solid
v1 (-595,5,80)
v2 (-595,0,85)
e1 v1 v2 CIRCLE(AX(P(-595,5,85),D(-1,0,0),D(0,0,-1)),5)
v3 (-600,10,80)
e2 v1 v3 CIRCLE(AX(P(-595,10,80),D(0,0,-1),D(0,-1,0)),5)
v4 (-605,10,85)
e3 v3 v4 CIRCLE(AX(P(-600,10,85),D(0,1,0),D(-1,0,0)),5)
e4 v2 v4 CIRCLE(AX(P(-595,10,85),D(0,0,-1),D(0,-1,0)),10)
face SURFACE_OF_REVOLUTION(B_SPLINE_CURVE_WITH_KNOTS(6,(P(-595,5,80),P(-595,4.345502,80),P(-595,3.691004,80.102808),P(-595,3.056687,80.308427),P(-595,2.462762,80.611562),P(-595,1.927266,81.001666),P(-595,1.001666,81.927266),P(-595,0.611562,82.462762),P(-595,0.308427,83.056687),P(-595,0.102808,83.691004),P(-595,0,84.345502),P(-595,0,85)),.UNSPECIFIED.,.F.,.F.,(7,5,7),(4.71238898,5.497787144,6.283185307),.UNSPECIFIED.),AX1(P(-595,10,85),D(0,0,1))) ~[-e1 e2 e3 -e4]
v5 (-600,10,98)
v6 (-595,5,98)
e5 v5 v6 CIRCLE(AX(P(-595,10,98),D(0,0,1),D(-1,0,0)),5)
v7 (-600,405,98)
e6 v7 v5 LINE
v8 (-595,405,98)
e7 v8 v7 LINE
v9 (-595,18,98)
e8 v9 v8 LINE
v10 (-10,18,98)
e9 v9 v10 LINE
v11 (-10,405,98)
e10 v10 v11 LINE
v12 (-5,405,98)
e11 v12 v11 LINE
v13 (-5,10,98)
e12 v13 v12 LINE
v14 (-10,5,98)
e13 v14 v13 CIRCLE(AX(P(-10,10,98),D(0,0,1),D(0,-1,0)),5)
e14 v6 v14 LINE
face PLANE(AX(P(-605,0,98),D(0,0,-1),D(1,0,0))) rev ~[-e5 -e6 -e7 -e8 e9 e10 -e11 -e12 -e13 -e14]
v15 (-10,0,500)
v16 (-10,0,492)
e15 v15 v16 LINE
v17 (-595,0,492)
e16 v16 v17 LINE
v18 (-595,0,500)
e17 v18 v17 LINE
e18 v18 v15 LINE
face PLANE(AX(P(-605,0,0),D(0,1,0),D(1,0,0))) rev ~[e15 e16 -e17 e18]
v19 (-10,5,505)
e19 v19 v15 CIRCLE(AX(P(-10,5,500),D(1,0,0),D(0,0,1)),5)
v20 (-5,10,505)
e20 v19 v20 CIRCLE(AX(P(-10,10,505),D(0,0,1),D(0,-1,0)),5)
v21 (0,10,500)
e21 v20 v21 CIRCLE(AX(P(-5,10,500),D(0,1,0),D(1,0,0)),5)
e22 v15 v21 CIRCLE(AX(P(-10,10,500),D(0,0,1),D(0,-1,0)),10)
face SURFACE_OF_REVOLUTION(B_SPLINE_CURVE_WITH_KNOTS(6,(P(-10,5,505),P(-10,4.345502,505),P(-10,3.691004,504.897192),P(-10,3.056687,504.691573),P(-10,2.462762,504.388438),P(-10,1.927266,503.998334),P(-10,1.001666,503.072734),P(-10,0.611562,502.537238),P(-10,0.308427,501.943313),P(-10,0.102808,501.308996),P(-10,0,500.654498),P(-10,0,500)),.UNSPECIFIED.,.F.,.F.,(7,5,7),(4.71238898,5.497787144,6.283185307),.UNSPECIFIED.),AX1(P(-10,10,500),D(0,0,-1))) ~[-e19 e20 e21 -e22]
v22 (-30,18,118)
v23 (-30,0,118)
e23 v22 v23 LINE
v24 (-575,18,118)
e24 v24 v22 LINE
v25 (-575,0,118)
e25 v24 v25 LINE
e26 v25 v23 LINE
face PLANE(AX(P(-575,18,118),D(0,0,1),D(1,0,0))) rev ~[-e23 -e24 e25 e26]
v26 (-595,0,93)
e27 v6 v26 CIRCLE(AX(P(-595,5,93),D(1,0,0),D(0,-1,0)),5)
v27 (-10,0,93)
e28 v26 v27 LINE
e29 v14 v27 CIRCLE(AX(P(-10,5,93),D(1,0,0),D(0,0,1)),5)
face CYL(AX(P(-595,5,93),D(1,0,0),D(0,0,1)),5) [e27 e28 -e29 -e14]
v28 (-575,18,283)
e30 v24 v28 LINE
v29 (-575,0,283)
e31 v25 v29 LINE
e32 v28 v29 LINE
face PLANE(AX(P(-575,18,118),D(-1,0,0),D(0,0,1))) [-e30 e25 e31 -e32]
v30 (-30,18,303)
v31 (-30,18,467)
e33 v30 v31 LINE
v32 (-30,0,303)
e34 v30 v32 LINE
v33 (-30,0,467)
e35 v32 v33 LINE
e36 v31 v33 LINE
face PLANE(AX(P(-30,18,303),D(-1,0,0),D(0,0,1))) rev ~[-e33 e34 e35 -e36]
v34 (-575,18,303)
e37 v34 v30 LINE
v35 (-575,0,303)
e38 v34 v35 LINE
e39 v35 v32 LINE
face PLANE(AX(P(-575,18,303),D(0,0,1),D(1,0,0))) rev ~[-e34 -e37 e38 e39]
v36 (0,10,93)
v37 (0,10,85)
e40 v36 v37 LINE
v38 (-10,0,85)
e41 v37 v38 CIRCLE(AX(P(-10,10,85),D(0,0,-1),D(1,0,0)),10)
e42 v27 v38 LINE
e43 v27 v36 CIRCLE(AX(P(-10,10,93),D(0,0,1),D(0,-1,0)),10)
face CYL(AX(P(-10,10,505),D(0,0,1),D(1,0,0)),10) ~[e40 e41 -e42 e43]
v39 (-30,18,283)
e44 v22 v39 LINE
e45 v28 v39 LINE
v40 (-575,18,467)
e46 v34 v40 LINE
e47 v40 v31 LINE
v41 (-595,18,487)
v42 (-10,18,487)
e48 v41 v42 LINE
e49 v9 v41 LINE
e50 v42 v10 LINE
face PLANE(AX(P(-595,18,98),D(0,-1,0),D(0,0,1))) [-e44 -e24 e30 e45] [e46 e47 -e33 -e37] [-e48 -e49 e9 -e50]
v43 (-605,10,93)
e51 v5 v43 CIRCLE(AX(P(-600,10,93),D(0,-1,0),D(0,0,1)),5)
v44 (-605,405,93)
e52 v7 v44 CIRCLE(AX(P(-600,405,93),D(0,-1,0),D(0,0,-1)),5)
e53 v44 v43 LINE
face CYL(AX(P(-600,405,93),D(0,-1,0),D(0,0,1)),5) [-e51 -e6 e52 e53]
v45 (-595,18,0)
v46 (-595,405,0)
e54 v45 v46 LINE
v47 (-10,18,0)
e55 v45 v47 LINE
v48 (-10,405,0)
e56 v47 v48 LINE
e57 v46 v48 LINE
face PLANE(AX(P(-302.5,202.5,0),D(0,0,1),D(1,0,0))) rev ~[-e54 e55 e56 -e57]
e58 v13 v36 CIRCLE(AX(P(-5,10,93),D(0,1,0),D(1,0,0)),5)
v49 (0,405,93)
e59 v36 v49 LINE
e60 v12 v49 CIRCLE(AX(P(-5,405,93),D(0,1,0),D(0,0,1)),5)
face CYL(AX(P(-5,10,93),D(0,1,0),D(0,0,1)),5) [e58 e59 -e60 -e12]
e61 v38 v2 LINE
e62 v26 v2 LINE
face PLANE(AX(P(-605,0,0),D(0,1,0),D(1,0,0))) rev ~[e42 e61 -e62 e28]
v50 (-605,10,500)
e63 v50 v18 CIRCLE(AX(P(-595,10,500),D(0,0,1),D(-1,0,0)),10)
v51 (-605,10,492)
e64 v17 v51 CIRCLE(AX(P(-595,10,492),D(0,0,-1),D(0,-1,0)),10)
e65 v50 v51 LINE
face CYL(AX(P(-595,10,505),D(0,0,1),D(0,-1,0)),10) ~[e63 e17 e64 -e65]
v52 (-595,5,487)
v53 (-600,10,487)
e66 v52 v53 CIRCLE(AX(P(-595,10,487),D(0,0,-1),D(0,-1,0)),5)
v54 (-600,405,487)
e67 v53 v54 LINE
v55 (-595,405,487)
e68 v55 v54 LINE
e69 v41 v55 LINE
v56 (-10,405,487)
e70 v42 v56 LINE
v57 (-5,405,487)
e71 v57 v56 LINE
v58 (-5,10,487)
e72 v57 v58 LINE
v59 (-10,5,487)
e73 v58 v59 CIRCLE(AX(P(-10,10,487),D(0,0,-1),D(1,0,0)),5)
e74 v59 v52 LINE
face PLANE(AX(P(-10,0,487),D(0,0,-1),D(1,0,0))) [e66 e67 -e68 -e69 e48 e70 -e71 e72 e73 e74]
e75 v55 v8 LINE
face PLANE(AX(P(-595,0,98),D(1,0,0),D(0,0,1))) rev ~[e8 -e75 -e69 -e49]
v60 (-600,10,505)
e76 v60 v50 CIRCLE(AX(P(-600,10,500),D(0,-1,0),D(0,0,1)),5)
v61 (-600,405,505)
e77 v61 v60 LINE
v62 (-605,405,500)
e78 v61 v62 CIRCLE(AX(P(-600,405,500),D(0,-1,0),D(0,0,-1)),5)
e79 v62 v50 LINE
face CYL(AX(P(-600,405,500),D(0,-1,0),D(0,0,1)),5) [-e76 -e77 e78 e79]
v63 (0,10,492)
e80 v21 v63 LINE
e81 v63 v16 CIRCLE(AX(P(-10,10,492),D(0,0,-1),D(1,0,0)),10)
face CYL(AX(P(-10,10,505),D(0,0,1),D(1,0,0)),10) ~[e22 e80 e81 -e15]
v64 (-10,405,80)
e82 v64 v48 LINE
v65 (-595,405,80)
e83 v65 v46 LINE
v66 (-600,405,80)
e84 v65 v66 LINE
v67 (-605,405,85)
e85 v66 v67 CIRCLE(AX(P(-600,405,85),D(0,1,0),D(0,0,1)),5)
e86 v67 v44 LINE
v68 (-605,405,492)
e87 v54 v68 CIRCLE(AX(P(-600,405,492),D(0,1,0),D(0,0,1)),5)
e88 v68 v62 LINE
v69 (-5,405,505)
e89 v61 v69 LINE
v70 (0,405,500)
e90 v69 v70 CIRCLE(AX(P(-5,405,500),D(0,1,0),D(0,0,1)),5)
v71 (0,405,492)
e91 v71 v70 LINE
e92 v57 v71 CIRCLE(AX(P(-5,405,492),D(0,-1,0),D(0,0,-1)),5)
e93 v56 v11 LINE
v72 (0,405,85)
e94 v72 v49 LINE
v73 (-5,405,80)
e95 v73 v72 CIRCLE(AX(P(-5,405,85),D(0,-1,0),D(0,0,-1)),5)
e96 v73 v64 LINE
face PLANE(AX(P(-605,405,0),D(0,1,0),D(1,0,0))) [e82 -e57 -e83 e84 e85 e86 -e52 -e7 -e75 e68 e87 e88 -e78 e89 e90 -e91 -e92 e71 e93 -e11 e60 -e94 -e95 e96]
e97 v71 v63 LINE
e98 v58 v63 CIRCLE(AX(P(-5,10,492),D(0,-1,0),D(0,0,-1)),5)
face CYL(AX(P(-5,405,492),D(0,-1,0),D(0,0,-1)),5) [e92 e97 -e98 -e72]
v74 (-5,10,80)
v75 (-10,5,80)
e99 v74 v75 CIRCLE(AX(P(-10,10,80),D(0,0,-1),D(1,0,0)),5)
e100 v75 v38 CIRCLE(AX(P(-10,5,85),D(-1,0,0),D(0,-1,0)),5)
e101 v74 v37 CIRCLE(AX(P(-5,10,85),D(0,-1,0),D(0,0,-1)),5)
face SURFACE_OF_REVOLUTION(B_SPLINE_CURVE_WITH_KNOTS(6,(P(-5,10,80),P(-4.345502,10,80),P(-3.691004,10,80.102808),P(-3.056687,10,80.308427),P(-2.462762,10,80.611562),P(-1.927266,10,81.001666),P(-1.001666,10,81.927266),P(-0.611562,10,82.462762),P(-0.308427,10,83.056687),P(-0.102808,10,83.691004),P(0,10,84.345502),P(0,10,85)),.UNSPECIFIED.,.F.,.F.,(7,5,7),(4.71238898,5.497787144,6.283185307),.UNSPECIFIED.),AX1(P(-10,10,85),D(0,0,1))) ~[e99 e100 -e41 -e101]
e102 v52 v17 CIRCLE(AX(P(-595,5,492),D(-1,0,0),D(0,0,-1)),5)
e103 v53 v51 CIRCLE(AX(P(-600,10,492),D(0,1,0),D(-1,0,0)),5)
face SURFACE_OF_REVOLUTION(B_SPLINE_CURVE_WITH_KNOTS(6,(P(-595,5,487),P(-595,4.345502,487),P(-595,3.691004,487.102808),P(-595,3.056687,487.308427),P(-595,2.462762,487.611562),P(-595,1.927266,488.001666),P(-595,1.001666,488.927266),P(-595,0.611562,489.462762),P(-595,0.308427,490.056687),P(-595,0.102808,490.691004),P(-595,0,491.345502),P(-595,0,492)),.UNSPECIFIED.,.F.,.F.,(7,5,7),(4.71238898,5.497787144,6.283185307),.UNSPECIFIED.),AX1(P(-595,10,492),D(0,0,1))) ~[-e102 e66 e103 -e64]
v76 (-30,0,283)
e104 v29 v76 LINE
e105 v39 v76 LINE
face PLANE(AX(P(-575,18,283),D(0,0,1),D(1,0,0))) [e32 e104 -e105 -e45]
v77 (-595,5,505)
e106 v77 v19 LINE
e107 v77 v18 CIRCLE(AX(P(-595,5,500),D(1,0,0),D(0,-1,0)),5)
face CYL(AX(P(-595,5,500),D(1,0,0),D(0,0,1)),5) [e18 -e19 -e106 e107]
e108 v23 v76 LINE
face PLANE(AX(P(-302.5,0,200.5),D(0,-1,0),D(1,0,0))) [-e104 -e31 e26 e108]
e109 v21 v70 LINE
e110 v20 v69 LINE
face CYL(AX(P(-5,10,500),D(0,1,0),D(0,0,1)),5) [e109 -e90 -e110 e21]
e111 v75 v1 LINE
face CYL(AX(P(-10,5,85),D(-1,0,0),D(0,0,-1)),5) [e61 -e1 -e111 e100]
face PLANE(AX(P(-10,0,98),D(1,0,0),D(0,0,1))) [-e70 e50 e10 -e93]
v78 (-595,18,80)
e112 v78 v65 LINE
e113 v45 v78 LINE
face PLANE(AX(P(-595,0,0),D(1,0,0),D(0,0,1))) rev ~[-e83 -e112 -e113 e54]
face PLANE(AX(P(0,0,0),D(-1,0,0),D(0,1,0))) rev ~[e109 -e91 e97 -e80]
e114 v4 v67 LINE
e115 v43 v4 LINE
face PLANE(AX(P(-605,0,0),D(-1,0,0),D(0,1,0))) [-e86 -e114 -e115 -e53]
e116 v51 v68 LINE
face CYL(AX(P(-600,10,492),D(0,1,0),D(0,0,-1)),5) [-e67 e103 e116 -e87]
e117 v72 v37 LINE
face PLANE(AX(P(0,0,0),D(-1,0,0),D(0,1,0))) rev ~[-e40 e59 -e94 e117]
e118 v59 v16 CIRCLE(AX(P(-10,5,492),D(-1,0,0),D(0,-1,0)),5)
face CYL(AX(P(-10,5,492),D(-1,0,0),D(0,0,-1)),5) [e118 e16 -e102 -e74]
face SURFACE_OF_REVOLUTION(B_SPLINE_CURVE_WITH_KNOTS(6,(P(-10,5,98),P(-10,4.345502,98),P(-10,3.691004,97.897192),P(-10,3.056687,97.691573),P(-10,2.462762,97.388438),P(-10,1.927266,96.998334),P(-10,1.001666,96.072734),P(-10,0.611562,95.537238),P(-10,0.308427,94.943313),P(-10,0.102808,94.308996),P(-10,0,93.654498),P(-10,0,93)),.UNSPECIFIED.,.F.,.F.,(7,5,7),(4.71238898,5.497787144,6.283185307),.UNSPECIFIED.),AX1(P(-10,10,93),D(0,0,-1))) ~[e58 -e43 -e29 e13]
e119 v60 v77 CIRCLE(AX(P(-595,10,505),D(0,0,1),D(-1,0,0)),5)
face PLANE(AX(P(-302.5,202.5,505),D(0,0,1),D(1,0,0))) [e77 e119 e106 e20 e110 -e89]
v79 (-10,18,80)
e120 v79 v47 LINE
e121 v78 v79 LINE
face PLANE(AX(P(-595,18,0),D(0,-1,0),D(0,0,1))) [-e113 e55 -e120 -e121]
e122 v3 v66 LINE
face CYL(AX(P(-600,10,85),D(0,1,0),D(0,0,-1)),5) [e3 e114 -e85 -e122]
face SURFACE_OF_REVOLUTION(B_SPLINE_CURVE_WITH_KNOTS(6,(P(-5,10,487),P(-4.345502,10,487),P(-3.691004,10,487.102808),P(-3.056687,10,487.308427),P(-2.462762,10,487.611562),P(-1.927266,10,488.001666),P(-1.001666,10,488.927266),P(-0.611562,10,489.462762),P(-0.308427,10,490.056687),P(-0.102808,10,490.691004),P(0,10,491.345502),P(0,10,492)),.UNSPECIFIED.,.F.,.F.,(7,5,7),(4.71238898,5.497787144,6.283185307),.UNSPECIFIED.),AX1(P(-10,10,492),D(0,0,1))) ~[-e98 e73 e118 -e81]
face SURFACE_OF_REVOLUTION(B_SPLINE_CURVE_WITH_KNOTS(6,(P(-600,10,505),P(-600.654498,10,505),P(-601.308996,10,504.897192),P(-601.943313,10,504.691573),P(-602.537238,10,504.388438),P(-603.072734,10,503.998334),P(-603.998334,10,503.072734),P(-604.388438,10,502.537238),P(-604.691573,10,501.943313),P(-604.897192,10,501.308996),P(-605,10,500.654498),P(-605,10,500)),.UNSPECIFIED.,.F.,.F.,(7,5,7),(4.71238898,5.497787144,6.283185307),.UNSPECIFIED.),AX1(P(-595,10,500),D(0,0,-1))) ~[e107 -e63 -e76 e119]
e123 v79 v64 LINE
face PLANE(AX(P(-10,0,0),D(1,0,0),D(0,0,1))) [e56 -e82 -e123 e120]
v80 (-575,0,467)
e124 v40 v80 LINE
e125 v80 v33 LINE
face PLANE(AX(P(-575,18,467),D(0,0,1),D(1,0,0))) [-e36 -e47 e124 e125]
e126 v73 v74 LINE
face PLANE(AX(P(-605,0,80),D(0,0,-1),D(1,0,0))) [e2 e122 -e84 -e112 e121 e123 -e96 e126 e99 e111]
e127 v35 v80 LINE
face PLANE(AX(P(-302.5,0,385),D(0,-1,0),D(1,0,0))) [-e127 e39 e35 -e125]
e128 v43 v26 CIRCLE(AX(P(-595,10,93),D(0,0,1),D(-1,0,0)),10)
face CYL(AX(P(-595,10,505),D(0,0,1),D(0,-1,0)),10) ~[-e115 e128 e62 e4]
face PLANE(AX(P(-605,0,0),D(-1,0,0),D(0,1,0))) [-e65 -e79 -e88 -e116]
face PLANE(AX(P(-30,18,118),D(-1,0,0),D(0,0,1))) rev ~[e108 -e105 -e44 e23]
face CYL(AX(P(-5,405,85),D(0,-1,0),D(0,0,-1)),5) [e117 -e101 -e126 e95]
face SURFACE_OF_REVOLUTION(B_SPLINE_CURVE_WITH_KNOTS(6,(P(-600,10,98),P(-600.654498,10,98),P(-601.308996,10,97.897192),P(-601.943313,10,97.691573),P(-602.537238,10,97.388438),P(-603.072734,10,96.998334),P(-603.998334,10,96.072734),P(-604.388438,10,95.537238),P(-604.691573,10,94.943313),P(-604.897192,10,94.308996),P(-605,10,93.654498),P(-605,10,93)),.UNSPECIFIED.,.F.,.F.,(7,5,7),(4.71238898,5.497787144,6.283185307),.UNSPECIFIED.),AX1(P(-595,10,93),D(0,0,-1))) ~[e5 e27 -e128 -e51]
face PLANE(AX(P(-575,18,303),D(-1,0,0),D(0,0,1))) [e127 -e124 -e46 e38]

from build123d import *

# Parameters (mm, degrees)
F0_W      = 605
F0_H      = 405
F1_DEPTH  = 505
F2_W      = 10
F2_H      = 389
F2_H_2    = 80
F3_DEPTH  = 410
F4_W      = 18
F4_H      = 389
F4_H_2    = 80
F5_DEPTH  = 610
F7_DEPTH  = 510
F8_R      = 5
F9_W      = 545
F9_H      = 164
F9_H_2    = 165
F10_DEPTH = 18


with BuildPart() as f1:
    # F0 (on Top) → F1 (new body)
    with BuildSketch(Plane.XY):
        with Locations((-302.5, 202.5)):
            Rectangle(F0_W, F0_H)
    extrude(amount=F1_DEPTH)

    # F2 (on face) → F3 (cut)
    with BuildSketch(Plane.XZ):
        with Locations((-600, 292.5)):
            Rectangle(F2_W, F2_H)
        with Locations((-600, 40)):
            Rectangle(F2_W, F2_H_2)
        with Locations((-5, 292.5)):
            Rectangle(F2_W, F2_H)
        with Locations((-5, 40)):
            Rectangle(F2_W, F2_H_2)
    extrude(amount=-F3_DEPTH, mode=Mode.SUBTRACT)

    # F4 (on face) → F5 (cut)
    with BuildSketch(Plane(origin=(-595, 0, 0), x_dir=(0, -1, 0), z_dir=(-1, 0, 0))):
        with Locations((-9, 292.5)):
            Rectangle(F4_W, F4_H)
        with Locations((-9, 40)):
            Rectangle(F4_W, F4_H_2)
    extrude(amount=-F5_DEPTH, mode=Mode.SUBTRACT)

    # F6 (on face) → F7 (cut)
    with BuildSketch(Plane.XY.offset(505)):
        with BuildLine():
            ThreePointArc((-595, 0), (-602.0710678119, 2.9289321881), (-605, 10))
            Line((-605, 10), (-605, 0))
            Line((-605, 0), (-595, 0))
        make_face()
        with BuildLine():
            Line((0, 0), (0, 10))
            ThreePointArc((0, 10), (-2.9289321881, 2.9289321881), (-10, 0))
            Line((-10, 0), (0, 0))
        make_face()
    extrude(amount=-F7_DEPTH, mode=Mode.SUBTRACT)

    # F8
    f8_edges = [f1.edges().sort_by_distance(p)[0] for p in [
        (-302.5, 0, 505),
        (-302.5, 0, 487),
        (-302.5, 0, 98),
        (-302.5, 0, 80),
    ]]
    fillet(f8_edges, radius=F8_R)

    # F9 (on face) → F10 (join)
    with BuildSketch(Plane.XZ.offset(-18)):
        with Locations((-302.5, 385)):
            Rectangle(F9_W, F9_H)
        with Locations((-302.5, 200.5)):
            Rectangle(F9_W, F9_H_2)
    extrude(amount=F10_DEPTH)


solid = f1.part
